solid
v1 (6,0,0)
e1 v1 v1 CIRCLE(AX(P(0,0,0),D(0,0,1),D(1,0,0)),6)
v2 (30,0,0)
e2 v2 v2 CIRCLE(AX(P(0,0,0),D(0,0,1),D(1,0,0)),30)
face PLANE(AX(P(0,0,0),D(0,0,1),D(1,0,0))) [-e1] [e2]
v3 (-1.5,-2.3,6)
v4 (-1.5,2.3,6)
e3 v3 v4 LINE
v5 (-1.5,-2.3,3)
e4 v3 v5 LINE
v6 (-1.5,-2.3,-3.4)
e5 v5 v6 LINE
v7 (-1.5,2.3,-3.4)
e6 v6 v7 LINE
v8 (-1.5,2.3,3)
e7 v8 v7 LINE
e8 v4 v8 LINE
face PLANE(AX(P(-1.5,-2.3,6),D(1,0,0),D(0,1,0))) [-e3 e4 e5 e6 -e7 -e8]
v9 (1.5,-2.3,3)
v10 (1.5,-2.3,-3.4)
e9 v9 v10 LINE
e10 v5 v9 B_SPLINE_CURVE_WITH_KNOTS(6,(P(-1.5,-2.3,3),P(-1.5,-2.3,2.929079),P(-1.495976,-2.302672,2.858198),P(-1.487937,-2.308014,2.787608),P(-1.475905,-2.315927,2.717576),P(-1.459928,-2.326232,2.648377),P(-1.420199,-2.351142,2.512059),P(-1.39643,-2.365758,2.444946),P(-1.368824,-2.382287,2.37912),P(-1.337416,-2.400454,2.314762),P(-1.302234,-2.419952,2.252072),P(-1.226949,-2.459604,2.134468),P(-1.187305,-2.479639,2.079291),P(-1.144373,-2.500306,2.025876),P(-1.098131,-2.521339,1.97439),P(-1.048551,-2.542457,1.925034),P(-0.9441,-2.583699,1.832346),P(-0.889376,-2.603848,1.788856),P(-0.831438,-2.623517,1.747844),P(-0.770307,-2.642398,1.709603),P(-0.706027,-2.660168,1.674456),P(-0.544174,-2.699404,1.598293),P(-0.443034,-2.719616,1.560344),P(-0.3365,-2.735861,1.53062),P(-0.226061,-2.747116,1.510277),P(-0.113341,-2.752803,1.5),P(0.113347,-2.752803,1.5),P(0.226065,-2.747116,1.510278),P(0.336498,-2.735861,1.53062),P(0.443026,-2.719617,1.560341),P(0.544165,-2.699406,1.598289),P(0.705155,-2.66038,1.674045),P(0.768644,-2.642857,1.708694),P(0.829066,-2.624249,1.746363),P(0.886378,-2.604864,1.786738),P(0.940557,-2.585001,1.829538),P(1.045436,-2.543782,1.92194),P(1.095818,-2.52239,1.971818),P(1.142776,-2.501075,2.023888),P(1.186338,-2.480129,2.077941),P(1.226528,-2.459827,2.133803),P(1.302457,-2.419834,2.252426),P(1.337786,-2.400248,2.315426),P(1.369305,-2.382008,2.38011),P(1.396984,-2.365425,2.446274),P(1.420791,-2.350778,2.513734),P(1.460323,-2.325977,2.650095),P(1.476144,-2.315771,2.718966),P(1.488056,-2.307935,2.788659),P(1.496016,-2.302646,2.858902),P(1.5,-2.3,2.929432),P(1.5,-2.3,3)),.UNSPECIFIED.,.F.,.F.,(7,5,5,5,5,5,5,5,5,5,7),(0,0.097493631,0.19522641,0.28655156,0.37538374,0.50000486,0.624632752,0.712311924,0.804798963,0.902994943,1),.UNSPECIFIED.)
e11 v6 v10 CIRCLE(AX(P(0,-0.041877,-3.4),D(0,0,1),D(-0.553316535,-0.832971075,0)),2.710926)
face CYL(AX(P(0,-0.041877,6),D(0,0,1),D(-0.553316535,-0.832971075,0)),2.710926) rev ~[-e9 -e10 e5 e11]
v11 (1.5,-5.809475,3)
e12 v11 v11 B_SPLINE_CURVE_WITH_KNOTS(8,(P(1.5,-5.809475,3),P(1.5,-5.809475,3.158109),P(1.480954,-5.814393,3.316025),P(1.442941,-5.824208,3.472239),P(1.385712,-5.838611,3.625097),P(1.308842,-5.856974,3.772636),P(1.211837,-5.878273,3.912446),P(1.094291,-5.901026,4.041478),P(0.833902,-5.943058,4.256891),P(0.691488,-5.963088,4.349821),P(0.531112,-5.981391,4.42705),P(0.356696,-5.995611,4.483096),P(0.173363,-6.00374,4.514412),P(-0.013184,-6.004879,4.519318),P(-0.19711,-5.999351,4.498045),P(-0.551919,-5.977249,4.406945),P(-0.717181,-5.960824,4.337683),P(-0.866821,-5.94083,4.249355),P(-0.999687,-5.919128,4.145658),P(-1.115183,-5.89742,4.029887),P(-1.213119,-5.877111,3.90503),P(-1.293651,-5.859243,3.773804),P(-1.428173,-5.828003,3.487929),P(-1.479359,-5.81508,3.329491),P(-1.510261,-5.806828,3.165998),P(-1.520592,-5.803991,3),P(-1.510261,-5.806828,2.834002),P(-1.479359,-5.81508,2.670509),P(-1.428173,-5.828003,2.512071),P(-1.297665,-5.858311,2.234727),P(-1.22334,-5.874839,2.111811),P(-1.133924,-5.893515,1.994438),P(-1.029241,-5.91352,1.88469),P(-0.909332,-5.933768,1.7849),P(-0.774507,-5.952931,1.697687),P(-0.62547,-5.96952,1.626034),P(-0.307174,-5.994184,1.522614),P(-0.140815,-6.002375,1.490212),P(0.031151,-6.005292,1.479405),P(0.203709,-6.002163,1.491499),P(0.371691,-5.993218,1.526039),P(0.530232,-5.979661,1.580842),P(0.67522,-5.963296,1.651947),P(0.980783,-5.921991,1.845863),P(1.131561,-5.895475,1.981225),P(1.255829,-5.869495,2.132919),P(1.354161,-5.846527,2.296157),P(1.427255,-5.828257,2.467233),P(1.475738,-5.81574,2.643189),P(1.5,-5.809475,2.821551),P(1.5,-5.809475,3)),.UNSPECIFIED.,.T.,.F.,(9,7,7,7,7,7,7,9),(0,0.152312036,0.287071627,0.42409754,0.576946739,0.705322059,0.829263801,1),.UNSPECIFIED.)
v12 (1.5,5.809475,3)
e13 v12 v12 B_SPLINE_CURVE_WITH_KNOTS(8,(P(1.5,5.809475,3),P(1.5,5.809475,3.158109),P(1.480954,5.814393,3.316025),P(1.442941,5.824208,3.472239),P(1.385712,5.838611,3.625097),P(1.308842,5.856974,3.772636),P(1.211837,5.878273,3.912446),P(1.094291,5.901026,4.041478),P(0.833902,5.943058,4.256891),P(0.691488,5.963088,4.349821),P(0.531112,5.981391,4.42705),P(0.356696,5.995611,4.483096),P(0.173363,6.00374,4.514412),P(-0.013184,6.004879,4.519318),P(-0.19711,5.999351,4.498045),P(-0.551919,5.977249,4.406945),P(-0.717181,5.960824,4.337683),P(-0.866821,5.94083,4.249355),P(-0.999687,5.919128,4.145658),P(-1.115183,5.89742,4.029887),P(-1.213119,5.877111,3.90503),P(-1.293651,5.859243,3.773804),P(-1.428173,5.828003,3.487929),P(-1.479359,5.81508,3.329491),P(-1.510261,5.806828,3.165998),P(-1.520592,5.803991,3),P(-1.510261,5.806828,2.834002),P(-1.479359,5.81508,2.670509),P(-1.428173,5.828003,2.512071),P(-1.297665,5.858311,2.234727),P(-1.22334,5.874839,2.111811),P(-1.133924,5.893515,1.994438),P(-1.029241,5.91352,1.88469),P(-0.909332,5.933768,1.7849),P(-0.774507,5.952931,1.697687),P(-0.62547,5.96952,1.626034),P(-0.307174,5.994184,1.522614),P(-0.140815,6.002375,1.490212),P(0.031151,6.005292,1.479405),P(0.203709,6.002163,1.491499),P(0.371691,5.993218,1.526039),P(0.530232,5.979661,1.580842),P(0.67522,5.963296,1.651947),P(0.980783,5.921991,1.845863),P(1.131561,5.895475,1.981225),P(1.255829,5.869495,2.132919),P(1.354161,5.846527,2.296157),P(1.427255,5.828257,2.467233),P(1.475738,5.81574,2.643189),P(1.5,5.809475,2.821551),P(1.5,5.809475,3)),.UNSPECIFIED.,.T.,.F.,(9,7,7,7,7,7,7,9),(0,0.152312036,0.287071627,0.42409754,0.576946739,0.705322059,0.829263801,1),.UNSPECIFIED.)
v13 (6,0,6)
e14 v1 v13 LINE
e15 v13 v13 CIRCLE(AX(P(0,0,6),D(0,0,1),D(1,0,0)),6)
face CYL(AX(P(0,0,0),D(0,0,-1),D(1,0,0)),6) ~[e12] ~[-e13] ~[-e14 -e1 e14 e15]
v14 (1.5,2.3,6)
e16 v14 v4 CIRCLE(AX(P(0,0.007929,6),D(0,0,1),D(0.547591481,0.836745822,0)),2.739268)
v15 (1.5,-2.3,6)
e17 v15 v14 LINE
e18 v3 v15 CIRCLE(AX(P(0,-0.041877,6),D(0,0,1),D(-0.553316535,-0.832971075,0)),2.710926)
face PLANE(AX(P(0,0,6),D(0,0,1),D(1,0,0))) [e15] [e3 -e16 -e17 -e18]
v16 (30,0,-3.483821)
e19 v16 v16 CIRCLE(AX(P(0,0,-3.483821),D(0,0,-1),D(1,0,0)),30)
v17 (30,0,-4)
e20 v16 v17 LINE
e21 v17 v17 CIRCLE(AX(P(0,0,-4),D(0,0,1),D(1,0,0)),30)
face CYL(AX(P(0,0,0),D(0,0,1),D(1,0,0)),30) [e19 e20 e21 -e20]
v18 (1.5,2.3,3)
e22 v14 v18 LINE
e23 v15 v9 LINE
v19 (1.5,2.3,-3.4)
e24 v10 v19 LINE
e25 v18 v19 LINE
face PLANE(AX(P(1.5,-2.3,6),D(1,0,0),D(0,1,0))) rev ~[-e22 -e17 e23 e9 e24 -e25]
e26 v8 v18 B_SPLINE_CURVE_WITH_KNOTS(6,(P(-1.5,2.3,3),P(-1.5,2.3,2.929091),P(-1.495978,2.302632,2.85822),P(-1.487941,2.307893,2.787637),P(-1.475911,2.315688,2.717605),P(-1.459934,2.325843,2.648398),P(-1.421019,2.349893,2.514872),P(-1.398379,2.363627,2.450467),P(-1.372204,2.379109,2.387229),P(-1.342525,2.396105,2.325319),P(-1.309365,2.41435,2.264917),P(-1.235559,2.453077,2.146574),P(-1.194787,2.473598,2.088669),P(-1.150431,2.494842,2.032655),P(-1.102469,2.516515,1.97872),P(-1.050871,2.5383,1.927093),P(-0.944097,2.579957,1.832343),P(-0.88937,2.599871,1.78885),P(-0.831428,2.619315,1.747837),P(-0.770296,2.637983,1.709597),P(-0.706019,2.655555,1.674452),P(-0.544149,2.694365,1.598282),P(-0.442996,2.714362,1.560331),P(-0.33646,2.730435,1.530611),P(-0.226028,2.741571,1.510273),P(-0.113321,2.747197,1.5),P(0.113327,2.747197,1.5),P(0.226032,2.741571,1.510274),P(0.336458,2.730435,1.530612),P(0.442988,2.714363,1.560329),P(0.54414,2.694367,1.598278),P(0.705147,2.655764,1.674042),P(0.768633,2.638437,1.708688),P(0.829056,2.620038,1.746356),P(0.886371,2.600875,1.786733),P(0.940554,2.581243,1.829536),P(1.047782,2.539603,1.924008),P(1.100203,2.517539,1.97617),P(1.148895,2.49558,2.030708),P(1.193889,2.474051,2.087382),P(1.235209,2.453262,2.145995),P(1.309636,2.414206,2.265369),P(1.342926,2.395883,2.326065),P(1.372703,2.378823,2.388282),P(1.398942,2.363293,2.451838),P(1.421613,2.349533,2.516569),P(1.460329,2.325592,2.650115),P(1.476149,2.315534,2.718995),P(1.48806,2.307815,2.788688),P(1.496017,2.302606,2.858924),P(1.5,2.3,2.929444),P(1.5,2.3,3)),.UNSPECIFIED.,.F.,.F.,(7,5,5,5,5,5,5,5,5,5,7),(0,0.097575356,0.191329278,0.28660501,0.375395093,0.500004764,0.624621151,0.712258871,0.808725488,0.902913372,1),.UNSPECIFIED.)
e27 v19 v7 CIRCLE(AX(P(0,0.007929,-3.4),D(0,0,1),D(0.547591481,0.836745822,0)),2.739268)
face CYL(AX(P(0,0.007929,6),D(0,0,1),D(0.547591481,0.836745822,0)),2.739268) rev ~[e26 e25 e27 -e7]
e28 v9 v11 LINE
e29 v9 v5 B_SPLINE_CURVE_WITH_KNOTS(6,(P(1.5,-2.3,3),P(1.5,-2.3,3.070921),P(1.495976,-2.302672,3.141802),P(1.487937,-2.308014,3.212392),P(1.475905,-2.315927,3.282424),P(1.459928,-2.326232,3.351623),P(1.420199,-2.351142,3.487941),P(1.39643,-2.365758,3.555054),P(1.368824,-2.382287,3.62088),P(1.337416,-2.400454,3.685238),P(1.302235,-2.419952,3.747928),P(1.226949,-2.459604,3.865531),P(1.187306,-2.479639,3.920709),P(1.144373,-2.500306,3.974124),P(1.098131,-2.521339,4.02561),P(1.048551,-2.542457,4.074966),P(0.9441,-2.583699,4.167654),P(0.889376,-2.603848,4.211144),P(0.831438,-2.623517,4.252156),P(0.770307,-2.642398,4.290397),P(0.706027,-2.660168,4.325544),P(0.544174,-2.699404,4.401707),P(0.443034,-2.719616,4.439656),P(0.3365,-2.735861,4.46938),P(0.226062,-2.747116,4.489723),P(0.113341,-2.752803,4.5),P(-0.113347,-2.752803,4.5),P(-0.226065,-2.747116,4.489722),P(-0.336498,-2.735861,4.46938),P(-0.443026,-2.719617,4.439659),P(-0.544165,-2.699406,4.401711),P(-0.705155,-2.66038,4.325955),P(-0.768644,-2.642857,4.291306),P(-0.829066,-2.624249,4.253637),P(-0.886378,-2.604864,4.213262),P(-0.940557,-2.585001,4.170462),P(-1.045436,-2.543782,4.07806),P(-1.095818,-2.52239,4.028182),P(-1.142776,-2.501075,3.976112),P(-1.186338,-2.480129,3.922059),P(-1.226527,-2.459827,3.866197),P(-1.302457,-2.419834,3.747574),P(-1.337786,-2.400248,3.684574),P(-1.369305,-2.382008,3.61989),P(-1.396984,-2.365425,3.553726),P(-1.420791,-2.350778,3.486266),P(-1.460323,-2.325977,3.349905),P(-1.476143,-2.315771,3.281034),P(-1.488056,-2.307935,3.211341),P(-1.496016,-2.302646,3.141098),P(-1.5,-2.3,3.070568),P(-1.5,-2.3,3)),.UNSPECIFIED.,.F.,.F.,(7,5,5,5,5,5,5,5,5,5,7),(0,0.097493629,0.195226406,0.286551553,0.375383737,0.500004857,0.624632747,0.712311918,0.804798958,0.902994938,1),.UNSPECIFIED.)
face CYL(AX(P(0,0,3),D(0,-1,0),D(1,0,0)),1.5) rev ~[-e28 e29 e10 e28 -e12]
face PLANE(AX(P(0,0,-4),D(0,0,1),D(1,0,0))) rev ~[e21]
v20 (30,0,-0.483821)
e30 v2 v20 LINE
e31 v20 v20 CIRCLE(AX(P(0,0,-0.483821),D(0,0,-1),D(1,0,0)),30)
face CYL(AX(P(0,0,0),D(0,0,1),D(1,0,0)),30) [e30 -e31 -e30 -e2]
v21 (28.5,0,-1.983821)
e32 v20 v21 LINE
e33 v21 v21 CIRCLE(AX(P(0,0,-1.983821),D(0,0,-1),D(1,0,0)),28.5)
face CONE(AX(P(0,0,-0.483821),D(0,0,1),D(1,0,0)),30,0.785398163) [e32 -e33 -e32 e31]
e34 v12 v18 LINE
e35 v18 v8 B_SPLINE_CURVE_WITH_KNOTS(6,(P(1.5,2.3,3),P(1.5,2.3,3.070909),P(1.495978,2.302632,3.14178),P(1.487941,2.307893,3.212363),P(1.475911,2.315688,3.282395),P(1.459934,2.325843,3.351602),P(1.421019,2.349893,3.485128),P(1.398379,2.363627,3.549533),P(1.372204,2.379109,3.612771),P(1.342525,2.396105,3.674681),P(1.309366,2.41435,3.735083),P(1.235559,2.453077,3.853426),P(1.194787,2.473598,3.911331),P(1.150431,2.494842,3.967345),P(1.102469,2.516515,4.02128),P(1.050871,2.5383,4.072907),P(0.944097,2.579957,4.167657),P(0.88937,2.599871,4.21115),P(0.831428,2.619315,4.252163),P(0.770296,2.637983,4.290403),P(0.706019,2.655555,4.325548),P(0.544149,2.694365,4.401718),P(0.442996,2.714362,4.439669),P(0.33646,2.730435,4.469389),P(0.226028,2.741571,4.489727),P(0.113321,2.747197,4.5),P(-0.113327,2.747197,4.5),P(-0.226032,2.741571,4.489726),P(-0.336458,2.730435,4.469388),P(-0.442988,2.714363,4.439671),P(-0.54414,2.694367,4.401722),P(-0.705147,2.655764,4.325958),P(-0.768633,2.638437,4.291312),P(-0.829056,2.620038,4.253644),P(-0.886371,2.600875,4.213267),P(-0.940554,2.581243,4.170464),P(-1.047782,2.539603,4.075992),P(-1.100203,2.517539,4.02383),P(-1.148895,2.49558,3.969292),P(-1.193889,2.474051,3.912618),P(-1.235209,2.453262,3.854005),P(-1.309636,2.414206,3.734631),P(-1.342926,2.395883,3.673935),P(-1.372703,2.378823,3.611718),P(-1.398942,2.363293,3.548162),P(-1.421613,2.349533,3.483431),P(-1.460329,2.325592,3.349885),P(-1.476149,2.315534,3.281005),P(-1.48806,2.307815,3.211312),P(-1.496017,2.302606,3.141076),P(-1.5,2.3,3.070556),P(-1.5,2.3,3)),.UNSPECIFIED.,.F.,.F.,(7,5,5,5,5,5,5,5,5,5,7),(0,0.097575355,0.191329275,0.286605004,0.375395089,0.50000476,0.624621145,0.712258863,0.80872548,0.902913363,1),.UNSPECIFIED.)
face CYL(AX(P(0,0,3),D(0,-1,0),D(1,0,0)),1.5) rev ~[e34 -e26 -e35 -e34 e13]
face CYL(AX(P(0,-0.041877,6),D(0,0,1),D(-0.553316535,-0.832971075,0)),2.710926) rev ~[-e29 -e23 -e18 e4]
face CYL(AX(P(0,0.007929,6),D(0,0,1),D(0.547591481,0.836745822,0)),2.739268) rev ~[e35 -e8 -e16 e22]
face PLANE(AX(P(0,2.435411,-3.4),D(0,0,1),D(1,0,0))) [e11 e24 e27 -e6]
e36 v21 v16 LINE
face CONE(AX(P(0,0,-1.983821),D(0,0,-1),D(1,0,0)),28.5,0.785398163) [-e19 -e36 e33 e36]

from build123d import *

# Parameters (mm, degrees)
F0_R     = 30
F0_R_2   = 6
F1_DEPTH = 4
F2_DEPTH = 6
F3_R     = 1.5
F4_DEPTH = 12.5
F5_W     = 3
F5_H     = 4.6
F6_DEPTH = 9.4


with BuildPart() as f1:
    # F0 (on Top) → F1 (new body)
    with BuildSketch(Plane.XY):
        Circle(F0_R)
        Circle(F0_R_2, mode=Mode.SUBTRACT)
        Circle(F0_R_2)
    extrude(amount=-F1_DEPTH)

    # F0 (on Top) → F2 (join)
    with BuildSketch(Plane.XY):
        Circle(F0_R_2)
    extrude(amount=F2_DEPTH)

    # F3 (on Front) → F4 (cut, symmetric)
    with BuildSketch(Plane.XZ):
        with Locations((0, 3)):
            Circle(F3_R)
    extrude(amount=F4_DEPTH, both=True, mode=Mode.SUBTRACT)

    # F5 (on face) → F6 (cut)
    with BuildSketch(Plane.XY.offset(6)):
        with BuildLine():
            ThreePointArc((1.5, 2.3), (0, 2.747197), (-1.5, 2.3))
            Line((-1.5, 2.3), (1.5, 2.3))
        make_face()
        Rectangle(F5_W, F5_H)
        with BuildLine():
            Line((1.5, -2.3), (-1.5, -2.3))
            ThreePointArc((-1.5, -2.3), (0, -2.752803), (1.5, -2.3))
        make_face()
    extrude(amount=-F6_DEPTH, mode=Mode.SUBTRACT)

    # F7 (on Front) → F8 (revolve, cut)
    with BuildSketch(Plane.XZ):
        Polygon((30, -3.483821), (30, -0.483821), (28.5, -1.983821), align=None)
    revolve(axis=Axis((0, 0, -0.420868), (0, 0, -1)), mode=Mode.SUBTRACT)


solid = f1.part
